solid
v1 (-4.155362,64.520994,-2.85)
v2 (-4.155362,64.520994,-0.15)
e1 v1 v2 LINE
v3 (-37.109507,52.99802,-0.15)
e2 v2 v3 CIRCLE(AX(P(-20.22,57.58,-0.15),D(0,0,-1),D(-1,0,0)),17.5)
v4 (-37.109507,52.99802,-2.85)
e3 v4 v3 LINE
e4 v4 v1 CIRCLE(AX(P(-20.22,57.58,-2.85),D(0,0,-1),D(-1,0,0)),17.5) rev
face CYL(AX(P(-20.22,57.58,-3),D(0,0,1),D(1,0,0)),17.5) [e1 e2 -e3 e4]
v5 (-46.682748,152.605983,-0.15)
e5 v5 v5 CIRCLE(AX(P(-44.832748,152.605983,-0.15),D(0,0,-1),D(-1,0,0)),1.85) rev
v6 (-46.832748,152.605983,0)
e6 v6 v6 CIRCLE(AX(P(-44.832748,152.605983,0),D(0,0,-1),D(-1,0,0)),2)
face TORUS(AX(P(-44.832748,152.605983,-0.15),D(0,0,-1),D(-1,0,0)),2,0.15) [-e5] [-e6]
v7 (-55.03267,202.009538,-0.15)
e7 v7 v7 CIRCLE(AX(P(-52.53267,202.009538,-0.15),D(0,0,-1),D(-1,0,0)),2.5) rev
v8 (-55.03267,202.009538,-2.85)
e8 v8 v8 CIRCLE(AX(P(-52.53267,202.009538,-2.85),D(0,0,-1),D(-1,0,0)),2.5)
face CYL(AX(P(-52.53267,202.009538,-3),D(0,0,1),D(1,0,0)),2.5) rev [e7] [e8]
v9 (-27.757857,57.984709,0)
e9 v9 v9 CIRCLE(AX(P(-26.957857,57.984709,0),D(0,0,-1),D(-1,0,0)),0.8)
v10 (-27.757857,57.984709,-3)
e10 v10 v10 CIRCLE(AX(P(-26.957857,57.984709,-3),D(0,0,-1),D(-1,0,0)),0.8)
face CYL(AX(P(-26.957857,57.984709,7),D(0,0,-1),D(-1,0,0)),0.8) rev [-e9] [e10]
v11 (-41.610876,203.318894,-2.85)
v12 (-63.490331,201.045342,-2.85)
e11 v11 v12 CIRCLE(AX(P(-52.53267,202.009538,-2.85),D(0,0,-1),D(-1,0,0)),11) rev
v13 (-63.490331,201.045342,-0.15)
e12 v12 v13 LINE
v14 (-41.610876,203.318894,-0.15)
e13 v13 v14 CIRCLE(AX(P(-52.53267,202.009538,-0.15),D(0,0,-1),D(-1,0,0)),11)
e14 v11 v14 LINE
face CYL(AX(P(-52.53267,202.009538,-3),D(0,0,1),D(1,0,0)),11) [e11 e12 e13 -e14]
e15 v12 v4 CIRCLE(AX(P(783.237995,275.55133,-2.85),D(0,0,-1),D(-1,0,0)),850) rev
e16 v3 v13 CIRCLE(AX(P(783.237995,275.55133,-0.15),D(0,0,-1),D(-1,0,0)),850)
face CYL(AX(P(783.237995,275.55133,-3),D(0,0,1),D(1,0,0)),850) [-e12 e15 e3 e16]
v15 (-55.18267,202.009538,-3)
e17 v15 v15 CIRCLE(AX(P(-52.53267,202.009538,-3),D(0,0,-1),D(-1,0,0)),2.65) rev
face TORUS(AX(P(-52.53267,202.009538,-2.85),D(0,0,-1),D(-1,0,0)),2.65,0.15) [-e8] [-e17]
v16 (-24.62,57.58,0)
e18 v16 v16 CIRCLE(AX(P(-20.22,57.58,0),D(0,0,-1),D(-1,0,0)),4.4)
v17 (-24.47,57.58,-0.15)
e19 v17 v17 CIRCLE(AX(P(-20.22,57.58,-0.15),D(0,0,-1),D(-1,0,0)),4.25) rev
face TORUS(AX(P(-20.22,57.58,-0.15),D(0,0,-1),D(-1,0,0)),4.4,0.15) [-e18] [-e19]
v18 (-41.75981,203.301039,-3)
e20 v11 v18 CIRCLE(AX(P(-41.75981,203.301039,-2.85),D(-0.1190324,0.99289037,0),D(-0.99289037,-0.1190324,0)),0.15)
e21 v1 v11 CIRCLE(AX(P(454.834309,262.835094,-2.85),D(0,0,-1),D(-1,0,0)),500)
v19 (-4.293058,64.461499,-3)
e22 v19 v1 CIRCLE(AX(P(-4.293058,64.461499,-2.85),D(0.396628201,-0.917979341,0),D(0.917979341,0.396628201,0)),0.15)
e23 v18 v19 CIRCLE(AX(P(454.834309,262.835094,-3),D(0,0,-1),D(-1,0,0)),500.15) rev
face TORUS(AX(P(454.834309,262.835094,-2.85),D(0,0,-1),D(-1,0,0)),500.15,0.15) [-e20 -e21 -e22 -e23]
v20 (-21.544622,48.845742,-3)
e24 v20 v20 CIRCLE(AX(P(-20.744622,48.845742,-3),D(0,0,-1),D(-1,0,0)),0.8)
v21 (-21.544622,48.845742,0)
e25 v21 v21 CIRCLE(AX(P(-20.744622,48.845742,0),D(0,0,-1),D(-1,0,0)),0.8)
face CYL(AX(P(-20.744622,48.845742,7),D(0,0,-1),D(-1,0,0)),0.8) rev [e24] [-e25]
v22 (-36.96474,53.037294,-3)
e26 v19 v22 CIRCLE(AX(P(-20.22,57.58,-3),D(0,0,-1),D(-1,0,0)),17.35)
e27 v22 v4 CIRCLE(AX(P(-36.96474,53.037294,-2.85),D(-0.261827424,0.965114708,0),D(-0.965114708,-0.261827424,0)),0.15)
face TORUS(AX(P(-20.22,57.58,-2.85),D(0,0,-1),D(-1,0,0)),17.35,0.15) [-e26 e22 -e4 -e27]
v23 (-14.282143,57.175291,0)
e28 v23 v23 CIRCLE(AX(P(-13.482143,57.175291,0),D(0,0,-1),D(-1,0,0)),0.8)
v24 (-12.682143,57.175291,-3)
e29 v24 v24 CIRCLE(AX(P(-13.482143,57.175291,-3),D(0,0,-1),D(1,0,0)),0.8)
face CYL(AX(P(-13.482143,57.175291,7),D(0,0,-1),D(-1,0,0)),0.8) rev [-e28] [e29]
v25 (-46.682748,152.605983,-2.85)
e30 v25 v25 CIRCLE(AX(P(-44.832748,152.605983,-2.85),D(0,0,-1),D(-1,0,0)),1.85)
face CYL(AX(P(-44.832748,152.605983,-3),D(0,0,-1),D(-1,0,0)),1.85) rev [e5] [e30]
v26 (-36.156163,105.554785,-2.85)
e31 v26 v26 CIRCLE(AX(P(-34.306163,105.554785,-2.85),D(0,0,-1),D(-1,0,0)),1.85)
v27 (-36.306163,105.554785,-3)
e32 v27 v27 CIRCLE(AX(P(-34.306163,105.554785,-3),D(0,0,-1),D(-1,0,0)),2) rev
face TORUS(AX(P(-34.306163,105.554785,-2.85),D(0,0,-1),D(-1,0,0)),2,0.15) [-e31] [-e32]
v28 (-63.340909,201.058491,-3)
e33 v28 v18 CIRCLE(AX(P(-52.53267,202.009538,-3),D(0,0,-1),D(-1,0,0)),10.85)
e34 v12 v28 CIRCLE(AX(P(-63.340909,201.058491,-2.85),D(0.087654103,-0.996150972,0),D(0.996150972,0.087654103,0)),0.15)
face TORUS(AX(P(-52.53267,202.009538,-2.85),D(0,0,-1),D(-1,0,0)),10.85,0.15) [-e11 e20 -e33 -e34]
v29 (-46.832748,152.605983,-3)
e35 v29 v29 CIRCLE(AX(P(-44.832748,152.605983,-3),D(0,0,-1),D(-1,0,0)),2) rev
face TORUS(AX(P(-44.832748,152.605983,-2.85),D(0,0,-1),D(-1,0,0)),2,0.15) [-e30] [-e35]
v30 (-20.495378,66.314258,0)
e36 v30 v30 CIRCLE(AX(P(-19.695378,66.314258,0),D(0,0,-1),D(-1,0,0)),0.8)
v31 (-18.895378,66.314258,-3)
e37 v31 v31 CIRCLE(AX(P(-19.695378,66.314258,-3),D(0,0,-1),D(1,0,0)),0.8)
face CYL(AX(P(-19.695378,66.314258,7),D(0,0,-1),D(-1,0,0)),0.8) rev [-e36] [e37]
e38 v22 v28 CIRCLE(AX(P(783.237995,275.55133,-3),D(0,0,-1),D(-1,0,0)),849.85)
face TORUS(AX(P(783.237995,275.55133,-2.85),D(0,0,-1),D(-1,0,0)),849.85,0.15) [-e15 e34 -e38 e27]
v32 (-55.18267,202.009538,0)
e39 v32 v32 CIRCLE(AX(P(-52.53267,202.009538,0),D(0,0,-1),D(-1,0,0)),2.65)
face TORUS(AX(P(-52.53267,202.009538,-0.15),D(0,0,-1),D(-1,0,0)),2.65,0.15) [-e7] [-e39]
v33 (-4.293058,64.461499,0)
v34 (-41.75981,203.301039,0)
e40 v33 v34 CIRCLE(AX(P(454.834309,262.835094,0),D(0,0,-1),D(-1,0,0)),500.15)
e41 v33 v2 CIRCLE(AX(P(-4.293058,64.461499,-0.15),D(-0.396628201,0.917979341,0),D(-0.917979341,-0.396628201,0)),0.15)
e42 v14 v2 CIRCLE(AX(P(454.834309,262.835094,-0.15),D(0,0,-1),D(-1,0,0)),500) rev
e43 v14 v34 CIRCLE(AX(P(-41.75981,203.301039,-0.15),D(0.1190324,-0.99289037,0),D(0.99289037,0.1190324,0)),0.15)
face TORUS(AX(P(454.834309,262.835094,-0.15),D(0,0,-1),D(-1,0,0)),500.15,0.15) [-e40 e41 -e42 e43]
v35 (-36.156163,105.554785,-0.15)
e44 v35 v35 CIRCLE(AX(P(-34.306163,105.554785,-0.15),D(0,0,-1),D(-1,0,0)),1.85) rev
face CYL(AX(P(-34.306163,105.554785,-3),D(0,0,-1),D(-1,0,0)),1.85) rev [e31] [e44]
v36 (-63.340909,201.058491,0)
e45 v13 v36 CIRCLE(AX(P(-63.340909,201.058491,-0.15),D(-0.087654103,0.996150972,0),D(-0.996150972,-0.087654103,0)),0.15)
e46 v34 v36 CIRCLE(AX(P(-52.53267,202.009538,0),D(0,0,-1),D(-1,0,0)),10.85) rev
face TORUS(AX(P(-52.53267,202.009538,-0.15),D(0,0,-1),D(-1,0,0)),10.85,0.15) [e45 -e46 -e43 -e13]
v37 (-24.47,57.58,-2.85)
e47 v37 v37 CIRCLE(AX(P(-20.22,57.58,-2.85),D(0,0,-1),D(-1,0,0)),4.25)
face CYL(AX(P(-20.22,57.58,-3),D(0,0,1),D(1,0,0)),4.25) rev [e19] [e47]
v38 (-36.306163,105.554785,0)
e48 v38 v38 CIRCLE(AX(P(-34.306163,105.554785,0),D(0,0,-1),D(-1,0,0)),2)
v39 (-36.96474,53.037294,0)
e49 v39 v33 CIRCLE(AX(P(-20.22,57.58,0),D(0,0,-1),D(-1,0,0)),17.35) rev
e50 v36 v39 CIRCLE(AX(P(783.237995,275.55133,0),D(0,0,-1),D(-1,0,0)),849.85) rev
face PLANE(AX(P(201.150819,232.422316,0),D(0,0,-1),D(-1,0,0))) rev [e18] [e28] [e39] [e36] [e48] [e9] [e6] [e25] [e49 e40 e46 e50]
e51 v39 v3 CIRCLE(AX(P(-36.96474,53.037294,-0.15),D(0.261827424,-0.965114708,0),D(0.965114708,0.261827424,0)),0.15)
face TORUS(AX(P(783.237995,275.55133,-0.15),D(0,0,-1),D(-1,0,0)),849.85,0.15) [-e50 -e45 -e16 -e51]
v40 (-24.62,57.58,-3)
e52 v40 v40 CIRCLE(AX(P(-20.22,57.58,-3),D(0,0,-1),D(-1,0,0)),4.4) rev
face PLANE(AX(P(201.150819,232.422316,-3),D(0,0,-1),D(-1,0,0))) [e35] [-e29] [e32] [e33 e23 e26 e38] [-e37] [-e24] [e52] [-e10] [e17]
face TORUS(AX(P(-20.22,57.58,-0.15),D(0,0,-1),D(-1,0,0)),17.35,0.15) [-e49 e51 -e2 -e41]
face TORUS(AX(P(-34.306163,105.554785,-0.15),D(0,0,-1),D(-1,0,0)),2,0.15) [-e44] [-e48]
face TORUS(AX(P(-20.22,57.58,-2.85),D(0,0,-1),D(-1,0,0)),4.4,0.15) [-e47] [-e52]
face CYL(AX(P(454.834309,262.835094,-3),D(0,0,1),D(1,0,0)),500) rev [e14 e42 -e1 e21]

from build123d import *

# Parameters (mm, degrees)
SKETCH1_R              = 2.5
SKETCH1_R_2            = 4.25
BOSS_EXTRUDE1_DEPTH    = 3
M3_5_CLEARANCE_HOLE2_D = 3.7
FILLET1_R              = 0.15
SKETCH5_R              = 0.8
CUT_EXTRUDE1_DEPTH     = 10


with BuildPart() as part:
    # Sketch1 → Boss-Extrude1 (new body)
    with BuildSketch(Plane.XY):
        with BuildLine():
            ThreePointArc((-41.610876402, 203.318893996), (-27.897661437, 132.566736908), (-4.155361538, 64.520993523))
            ThreePointArc((-4.155361538, 64.520993523), (-14.44377014, 41.06076368), (-37.109507396, 52.998020086))
            ThreePointArc((-37.109507396, 52.998020086), (-53.580358622, 126.437133771), (-63.490331164, 201.045342457))
            ThreePointArc((-63.490331164, 201.045342457), (-53.669587691, 212.950626168), (-41.610876402, 203.318893996))
        make_face()
        with Locations((-52.532670476, 202.009537592)):
            Circle(SKETCH1_R, mode=Mode.SUBTRACT)
        with Locations((-20.22, 57.58)):
            Circle(SKETCH1_R_2, mode=Mode.SUBTRACT)
    extrude(amount=-BOSS_EXTRUDE1_DEPTH)

    # M3.5 Clearance Hole2 (through all)
    with Locations(Plane(origin=(0, 0, -3), x_dir=(-1, 0, 0), z_dir=(0, 0, -1))):
        with Locations((44.832747943, 152.605983135), (34.306162612, 105.554785282)):
            Hole(M3_5_CLEARANCE_HOLE2_D / 2)

    # Fillet1
    fillet1_edges = [part.edges().sort_by_distance(p)[0] for p in [
        (-55.032670476, 202.009537592, -3),
        (-55.032670476, 202.009537592, 0),
        (-14.44377014, 41.06076368, -3),
        (-24.47, 57.58, -3),
        (-24.47, 57.58, 0),
        (-27.897661437, 132.566736908, -3),
        (-36.156162612, 105.554785282, -3),
        (-36.156162612, 105.554785282, 0),
        (-46.682747943, 152.605983135, -3),
        (-46.682747943, 152.605983135, 0),
        (-53.669587691, 212.950626168, -3),
        (-27.897661437, 132.566736908, 0),
        (-14.44377014, 41.06076368, 0),
        (-53.580358622, 126.437133771, 0),
        (-53.669587691, 212.950626168, 0),
        (-53.580358622, 126.437133771, -3),
    ]]
    fillet(fillet1_edges, radius=FILLET1_R)

    # Sketch5 → Cut-Extrude1 (cut)
    with BuildSketch(Plane(origin=(0, 0, -3), x_dir=(-1, 0, 0), z_dir=(0, 0, -1))):
        with Locations((26.957856554, 57.984708606)):
            Circle(SKETCH5_R)
        with Locations((20.744622268, 48.845741504)):
            Circle(SKETCH5_R)
        with Locations((13.482143446, 57.175291394)):
            Circle(SKETCH5_R)
        with Locations((19.695377732, 66.314258496)):
            Circle(SKETCH5_R)
    extrude(amount=-CUT_EXTRUDE1_DEPTH, mode=Mode.SUBTRACT)


solid = part.part
